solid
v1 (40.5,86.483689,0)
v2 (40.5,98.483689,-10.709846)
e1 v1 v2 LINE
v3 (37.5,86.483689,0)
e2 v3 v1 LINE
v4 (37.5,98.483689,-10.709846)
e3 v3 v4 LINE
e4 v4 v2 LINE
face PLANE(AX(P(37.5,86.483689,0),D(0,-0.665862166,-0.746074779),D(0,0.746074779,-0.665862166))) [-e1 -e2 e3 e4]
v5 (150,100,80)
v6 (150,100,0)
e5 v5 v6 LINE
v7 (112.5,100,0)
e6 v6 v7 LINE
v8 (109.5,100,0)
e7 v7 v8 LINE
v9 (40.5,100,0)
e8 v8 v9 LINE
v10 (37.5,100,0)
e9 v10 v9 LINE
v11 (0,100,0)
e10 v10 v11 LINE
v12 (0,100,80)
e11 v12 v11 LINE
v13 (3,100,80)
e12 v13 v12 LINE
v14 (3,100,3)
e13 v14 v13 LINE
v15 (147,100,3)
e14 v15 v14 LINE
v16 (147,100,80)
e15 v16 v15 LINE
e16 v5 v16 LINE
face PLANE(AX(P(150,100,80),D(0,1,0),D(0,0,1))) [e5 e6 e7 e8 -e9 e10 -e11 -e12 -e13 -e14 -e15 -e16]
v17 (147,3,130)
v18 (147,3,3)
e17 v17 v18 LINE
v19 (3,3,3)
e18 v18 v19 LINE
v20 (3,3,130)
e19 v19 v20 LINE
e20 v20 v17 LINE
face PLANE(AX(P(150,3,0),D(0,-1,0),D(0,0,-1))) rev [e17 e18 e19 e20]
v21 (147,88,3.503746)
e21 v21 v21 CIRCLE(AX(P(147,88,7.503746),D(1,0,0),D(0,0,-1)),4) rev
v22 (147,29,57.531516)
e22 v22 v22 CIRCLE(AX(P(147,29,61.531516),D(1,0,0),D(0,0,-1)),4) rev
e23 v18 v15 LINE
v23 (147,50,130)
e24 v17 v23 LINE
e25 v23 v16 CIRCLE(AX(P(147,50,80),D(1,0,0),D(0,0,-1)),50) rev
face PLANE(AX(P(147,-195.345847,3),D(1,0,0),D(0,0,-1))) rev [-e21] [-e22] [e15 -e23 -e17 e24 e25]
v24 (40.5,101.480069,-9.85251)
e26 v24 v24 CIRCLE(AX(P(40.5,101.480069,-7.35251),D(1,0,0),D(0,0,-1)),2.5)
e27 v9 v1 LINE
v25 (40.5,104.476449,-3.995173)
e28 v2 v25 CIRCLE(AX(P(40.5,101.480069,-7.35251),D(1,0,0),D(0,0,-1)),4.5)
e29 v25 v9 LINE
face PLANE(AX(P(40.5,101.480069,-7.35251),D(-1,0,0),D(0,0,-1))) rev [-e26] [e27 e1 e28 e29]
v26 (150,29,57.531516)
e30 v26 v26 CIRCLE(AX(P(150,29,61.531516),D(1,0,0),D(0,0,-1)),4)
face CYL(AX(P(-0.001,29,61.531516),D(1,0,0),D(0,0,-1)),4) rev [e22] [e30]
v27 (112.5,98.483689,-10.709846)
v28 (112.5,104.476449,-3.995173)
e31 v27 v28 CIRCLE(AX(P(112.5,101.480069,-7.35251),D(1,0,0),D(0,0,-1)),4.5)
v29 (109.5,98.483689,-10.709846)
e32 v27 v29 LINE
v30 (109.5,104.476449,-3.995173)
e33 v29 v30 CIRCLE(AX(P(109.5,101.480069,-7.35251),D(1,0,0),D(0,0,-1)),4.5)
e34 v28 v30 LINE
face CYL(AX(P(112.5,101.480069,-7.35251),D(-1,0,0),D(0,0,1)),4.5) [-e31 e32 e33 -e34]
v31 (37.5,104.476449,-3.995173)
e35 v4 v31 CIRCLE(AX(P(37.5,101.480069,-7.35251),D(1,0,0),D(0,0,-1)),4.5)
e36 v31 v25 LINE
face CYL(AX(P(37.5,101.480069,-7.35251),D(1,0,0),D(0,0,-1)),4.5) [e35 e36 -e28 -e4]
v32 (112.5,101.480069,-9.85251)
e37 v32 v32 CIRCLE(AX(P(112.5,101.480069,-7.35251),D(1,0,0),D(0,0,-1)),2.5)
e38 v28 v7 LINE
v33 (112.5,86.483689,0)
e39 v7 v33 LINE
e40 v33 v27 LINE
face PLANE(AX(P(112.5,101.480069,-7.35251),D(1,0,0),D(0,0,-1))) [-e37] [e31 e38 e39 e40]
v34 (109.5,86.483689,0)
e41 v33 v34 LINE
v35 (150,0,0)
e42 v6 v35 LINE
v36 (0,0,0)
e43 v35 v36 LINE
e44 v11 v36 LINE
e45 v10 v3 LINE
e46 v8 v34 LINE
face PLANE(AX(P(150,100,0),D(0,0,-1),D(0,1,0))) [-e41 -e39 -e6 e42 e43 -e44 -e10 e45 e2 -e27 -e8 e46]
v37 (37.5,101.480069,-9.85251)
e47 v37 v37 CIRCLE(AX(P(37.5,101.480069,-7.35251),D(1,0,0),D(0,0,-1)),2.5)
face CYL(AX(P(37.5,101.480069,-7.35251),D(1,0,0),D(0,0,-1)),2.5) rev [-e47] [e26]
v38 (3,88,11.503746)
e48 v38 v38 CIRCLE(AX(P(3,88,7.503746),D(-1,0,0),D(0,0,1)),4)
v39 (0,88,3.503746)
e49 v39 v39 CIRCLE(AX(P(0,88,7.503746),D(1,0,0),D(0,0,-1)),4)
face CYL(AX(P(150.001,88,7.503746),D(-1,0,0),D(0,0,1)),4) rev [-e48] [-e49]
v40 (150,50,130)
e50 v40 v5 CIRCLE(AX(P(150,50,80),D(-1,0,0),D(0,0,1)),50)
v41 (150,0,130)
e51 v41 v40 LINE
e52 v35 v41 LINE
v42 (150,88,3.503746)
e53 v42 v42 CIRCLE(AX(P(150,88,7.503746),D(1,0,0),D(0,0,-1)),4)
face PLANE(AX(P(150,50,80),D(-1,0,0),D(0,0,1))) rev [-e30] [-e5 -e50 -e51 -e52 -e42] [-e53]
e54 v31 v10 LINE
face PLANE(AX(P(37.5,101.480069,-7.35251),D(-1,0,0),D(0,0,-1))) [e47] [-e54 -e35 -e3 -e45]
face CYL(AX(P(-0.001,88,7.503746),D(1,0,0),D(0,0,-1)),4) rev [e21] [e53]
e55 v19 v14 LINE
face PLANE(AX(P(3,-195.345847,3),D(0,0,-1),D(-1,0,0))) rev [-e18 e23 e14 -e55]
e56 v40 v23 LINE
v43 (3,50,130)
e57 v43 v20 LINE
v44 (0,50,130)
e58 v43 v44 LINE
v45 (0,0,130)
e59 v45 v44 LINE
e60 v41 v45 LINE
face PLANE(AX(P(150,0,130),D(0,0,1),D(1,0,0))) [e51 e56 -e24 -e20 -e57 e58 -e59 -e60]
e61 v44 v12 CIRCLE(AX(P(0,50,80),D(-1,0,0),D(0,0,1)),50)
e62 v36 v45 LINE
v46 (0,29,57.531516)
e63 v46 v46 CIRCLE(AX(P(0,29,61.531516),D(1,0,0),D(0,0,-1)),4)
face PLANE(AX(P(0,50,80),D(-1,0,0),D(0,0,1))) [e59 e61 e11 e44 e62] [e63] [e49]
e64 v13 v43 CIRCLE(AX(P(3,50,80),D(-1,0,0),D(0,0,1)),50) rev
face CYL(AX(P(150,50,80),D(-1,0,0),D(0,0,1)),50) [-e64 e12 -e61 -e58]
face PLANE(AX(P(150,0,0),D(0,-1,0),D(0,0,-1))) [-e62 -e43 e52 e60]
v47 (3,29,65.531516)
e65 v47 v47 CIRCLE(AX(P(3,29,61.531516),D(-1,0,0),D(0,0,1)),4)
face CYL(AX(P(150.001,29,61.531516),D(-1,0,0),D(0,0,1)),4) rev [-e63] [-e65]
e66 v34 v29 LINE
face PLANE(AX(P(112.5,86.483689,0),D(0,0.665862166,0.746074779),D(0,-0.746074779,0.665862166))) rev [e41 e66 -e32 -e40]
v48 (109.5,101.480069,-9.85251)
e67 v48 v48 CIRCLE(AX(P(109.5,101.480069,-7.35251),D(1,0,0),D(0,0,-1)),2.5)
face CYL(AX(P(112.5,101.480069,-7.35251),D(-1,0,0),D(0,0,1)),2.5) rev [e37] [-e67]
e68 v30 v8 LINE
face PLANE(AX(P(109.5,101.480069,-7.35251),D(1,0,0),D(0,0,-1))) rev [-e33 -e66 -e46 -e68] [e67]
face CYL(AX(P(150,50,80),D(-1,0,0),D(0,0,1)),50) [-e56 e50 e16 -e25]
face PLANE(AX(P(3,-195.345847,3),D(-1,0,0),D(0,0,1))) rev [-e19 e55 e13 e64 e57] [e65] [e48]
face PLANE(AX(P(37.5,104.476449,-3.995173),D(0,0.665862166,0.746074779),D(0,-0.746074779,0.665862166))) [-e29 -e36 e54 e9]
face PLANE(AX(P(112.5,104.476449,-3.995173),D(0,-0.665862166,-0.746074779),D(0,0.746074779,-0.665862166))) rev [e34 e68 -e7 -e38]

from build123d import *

# Parameters (mm, degrees)
BOSS_EXTRUDE1_DEPTH = 150
SKETCH2_W           = 144
SKETCH2_H           = 132
CUT_EXTRUDE1_DEPTH  = 97
SKETCH3_R           = 2.5
BOSS_EXTRUDE2_DEPTH = 1.5
CUT_EXTRUDE2_REACH  = 227.015
SKETCH4_R           = 4


with BuildPart() as part:
    # Sketch1 → Boss-Extrude1 (new body)
    with BuildSketch(Plane(origin=(0, 0, 0), x_dir=(0, 0, -1), z_dir=(1, 0, 0))):
        with BuildLine():
            Line((0, 0), (-130, 0))
            Line((-130, 0), (-130, 50))
            ThreePointArc((-130, 50), (-115.355339059, 85.355339059), (-80, 100))
            Line((-80, 100), (0, 100))
            Line((0, 100), (0, 0))
        make_face()
    extrude(amount=BOSS_EXTRUDE1_DEPTH)

    # Sketch2 → Cut-Extrude1 (cut)
    with BuildSketch(Plane(origin=(0, 100, 0), x_dir=(1, 0, 0), z_dir=(0, 1, 0))):
        with Locations((75, -69)):
            Rectangle(SKETCH2_W, SKETCH2_H)
    extrude(amount=-CUT_EXTRUDE1_DEPTH, mode=Mode.SUBTRACT)

    # Sketch3 → Boss-Extrude2 (add, symmetric)
    with BuildSketch(Plane(origin=(111, 0, 0), x_dir=(0, 0, -1), z_dir=(1, 0, 0))):
        with BuildLine():
            Line((0, 100), (0, 86.483689179))
            Line((0, 86.483689179), (10.709846007, 98.483689179))
            ThreePointArc((10.709846007, 98.483689179), (10.348889249, 104.837405432), (3.995172996, 104.476448674))
            Line((3.995172996, 104.476448674), (0, 100))
        make_face()
        with Locations((7.352509502, 101.480068927)):
            Circle(SKETCH3_R, mode=Mode.SUBTRACT)
    boss_extrude2 = extrude(amount=BOSS_EXTRUDE2_DEPTH, both=True)

    # Mirror1: Boss-Extrude2 across plane
    add(boss_extrude2.mirror(Plane(origin=(75, 0, 0), x_dir=(0, 0, 1), z_dir=(1, 0, 0))))

    # Sketch4 → Cut-Extrude2 (cut, up to next)
    with BuildSketch(Plane(origin=(150, 0, 0), x_dir=(0, 0, -1), z_dir=(1, 0, 0)), mode=Mode.PRIVATE) as cut_extrude2_sk1:
        with Locations((-61.531516432, 29)):
            Circle(SKETCH4_R)
    cut_extrude2_tool1 = extrude(cut_extrude2_sk1.sketch, amount=-CUT_EXTRUDE2_REACH, mode=Mode.PRIVATE) & part.part
    # Sketch4 → Cut-Extrude2 (cut, up to next)
    with BuildSketch(Plane(origin=(150, 0, 0), x_dir=(0, 0, -1), z_dir=(1, 0, 0)), mode=Mode.PRIVATE) as cut_extrude2_sk2:
        with Locations((-7.503745795, 88)):
            Circle(SKETCH4_R)
    cut_extrude2_tool2 = extrude(cut_extrude2_sk2.sketch, amount=-CUT_EXTRUDE2_REACH, mode=Mode.PRIVATE) & part.part
    cut_extrude2_1 = cut_extrude2_tool1.solids().sort_by_distance((150, 29, 61.531516))[0]
    add(cut_extrude2_1, mode=Mode.SUBTRACT)
    cut_extrude2_2 = cut_extrude2_tool2.solids().sort_by_distance((150, 88, 7.503746))[0]
    add(cut_extrude2_2, mode=Mode.SUBTRACT)
    cut_extrude2 = cut_extrude2_1 + cut_extrude2_2  # Cut-Extrude2 as one shape, for the pattern or mirror that repeats it

    # Mirror2: Cut-Extrude2 across plane
    add(cut_extrude2.mirror(Plane(origin=(75, 0, 0), x_dir=(0, 0, 1), z_dir=(1, 0, 0))), mode=Mode.SUBTRACT)


solid = part.part
